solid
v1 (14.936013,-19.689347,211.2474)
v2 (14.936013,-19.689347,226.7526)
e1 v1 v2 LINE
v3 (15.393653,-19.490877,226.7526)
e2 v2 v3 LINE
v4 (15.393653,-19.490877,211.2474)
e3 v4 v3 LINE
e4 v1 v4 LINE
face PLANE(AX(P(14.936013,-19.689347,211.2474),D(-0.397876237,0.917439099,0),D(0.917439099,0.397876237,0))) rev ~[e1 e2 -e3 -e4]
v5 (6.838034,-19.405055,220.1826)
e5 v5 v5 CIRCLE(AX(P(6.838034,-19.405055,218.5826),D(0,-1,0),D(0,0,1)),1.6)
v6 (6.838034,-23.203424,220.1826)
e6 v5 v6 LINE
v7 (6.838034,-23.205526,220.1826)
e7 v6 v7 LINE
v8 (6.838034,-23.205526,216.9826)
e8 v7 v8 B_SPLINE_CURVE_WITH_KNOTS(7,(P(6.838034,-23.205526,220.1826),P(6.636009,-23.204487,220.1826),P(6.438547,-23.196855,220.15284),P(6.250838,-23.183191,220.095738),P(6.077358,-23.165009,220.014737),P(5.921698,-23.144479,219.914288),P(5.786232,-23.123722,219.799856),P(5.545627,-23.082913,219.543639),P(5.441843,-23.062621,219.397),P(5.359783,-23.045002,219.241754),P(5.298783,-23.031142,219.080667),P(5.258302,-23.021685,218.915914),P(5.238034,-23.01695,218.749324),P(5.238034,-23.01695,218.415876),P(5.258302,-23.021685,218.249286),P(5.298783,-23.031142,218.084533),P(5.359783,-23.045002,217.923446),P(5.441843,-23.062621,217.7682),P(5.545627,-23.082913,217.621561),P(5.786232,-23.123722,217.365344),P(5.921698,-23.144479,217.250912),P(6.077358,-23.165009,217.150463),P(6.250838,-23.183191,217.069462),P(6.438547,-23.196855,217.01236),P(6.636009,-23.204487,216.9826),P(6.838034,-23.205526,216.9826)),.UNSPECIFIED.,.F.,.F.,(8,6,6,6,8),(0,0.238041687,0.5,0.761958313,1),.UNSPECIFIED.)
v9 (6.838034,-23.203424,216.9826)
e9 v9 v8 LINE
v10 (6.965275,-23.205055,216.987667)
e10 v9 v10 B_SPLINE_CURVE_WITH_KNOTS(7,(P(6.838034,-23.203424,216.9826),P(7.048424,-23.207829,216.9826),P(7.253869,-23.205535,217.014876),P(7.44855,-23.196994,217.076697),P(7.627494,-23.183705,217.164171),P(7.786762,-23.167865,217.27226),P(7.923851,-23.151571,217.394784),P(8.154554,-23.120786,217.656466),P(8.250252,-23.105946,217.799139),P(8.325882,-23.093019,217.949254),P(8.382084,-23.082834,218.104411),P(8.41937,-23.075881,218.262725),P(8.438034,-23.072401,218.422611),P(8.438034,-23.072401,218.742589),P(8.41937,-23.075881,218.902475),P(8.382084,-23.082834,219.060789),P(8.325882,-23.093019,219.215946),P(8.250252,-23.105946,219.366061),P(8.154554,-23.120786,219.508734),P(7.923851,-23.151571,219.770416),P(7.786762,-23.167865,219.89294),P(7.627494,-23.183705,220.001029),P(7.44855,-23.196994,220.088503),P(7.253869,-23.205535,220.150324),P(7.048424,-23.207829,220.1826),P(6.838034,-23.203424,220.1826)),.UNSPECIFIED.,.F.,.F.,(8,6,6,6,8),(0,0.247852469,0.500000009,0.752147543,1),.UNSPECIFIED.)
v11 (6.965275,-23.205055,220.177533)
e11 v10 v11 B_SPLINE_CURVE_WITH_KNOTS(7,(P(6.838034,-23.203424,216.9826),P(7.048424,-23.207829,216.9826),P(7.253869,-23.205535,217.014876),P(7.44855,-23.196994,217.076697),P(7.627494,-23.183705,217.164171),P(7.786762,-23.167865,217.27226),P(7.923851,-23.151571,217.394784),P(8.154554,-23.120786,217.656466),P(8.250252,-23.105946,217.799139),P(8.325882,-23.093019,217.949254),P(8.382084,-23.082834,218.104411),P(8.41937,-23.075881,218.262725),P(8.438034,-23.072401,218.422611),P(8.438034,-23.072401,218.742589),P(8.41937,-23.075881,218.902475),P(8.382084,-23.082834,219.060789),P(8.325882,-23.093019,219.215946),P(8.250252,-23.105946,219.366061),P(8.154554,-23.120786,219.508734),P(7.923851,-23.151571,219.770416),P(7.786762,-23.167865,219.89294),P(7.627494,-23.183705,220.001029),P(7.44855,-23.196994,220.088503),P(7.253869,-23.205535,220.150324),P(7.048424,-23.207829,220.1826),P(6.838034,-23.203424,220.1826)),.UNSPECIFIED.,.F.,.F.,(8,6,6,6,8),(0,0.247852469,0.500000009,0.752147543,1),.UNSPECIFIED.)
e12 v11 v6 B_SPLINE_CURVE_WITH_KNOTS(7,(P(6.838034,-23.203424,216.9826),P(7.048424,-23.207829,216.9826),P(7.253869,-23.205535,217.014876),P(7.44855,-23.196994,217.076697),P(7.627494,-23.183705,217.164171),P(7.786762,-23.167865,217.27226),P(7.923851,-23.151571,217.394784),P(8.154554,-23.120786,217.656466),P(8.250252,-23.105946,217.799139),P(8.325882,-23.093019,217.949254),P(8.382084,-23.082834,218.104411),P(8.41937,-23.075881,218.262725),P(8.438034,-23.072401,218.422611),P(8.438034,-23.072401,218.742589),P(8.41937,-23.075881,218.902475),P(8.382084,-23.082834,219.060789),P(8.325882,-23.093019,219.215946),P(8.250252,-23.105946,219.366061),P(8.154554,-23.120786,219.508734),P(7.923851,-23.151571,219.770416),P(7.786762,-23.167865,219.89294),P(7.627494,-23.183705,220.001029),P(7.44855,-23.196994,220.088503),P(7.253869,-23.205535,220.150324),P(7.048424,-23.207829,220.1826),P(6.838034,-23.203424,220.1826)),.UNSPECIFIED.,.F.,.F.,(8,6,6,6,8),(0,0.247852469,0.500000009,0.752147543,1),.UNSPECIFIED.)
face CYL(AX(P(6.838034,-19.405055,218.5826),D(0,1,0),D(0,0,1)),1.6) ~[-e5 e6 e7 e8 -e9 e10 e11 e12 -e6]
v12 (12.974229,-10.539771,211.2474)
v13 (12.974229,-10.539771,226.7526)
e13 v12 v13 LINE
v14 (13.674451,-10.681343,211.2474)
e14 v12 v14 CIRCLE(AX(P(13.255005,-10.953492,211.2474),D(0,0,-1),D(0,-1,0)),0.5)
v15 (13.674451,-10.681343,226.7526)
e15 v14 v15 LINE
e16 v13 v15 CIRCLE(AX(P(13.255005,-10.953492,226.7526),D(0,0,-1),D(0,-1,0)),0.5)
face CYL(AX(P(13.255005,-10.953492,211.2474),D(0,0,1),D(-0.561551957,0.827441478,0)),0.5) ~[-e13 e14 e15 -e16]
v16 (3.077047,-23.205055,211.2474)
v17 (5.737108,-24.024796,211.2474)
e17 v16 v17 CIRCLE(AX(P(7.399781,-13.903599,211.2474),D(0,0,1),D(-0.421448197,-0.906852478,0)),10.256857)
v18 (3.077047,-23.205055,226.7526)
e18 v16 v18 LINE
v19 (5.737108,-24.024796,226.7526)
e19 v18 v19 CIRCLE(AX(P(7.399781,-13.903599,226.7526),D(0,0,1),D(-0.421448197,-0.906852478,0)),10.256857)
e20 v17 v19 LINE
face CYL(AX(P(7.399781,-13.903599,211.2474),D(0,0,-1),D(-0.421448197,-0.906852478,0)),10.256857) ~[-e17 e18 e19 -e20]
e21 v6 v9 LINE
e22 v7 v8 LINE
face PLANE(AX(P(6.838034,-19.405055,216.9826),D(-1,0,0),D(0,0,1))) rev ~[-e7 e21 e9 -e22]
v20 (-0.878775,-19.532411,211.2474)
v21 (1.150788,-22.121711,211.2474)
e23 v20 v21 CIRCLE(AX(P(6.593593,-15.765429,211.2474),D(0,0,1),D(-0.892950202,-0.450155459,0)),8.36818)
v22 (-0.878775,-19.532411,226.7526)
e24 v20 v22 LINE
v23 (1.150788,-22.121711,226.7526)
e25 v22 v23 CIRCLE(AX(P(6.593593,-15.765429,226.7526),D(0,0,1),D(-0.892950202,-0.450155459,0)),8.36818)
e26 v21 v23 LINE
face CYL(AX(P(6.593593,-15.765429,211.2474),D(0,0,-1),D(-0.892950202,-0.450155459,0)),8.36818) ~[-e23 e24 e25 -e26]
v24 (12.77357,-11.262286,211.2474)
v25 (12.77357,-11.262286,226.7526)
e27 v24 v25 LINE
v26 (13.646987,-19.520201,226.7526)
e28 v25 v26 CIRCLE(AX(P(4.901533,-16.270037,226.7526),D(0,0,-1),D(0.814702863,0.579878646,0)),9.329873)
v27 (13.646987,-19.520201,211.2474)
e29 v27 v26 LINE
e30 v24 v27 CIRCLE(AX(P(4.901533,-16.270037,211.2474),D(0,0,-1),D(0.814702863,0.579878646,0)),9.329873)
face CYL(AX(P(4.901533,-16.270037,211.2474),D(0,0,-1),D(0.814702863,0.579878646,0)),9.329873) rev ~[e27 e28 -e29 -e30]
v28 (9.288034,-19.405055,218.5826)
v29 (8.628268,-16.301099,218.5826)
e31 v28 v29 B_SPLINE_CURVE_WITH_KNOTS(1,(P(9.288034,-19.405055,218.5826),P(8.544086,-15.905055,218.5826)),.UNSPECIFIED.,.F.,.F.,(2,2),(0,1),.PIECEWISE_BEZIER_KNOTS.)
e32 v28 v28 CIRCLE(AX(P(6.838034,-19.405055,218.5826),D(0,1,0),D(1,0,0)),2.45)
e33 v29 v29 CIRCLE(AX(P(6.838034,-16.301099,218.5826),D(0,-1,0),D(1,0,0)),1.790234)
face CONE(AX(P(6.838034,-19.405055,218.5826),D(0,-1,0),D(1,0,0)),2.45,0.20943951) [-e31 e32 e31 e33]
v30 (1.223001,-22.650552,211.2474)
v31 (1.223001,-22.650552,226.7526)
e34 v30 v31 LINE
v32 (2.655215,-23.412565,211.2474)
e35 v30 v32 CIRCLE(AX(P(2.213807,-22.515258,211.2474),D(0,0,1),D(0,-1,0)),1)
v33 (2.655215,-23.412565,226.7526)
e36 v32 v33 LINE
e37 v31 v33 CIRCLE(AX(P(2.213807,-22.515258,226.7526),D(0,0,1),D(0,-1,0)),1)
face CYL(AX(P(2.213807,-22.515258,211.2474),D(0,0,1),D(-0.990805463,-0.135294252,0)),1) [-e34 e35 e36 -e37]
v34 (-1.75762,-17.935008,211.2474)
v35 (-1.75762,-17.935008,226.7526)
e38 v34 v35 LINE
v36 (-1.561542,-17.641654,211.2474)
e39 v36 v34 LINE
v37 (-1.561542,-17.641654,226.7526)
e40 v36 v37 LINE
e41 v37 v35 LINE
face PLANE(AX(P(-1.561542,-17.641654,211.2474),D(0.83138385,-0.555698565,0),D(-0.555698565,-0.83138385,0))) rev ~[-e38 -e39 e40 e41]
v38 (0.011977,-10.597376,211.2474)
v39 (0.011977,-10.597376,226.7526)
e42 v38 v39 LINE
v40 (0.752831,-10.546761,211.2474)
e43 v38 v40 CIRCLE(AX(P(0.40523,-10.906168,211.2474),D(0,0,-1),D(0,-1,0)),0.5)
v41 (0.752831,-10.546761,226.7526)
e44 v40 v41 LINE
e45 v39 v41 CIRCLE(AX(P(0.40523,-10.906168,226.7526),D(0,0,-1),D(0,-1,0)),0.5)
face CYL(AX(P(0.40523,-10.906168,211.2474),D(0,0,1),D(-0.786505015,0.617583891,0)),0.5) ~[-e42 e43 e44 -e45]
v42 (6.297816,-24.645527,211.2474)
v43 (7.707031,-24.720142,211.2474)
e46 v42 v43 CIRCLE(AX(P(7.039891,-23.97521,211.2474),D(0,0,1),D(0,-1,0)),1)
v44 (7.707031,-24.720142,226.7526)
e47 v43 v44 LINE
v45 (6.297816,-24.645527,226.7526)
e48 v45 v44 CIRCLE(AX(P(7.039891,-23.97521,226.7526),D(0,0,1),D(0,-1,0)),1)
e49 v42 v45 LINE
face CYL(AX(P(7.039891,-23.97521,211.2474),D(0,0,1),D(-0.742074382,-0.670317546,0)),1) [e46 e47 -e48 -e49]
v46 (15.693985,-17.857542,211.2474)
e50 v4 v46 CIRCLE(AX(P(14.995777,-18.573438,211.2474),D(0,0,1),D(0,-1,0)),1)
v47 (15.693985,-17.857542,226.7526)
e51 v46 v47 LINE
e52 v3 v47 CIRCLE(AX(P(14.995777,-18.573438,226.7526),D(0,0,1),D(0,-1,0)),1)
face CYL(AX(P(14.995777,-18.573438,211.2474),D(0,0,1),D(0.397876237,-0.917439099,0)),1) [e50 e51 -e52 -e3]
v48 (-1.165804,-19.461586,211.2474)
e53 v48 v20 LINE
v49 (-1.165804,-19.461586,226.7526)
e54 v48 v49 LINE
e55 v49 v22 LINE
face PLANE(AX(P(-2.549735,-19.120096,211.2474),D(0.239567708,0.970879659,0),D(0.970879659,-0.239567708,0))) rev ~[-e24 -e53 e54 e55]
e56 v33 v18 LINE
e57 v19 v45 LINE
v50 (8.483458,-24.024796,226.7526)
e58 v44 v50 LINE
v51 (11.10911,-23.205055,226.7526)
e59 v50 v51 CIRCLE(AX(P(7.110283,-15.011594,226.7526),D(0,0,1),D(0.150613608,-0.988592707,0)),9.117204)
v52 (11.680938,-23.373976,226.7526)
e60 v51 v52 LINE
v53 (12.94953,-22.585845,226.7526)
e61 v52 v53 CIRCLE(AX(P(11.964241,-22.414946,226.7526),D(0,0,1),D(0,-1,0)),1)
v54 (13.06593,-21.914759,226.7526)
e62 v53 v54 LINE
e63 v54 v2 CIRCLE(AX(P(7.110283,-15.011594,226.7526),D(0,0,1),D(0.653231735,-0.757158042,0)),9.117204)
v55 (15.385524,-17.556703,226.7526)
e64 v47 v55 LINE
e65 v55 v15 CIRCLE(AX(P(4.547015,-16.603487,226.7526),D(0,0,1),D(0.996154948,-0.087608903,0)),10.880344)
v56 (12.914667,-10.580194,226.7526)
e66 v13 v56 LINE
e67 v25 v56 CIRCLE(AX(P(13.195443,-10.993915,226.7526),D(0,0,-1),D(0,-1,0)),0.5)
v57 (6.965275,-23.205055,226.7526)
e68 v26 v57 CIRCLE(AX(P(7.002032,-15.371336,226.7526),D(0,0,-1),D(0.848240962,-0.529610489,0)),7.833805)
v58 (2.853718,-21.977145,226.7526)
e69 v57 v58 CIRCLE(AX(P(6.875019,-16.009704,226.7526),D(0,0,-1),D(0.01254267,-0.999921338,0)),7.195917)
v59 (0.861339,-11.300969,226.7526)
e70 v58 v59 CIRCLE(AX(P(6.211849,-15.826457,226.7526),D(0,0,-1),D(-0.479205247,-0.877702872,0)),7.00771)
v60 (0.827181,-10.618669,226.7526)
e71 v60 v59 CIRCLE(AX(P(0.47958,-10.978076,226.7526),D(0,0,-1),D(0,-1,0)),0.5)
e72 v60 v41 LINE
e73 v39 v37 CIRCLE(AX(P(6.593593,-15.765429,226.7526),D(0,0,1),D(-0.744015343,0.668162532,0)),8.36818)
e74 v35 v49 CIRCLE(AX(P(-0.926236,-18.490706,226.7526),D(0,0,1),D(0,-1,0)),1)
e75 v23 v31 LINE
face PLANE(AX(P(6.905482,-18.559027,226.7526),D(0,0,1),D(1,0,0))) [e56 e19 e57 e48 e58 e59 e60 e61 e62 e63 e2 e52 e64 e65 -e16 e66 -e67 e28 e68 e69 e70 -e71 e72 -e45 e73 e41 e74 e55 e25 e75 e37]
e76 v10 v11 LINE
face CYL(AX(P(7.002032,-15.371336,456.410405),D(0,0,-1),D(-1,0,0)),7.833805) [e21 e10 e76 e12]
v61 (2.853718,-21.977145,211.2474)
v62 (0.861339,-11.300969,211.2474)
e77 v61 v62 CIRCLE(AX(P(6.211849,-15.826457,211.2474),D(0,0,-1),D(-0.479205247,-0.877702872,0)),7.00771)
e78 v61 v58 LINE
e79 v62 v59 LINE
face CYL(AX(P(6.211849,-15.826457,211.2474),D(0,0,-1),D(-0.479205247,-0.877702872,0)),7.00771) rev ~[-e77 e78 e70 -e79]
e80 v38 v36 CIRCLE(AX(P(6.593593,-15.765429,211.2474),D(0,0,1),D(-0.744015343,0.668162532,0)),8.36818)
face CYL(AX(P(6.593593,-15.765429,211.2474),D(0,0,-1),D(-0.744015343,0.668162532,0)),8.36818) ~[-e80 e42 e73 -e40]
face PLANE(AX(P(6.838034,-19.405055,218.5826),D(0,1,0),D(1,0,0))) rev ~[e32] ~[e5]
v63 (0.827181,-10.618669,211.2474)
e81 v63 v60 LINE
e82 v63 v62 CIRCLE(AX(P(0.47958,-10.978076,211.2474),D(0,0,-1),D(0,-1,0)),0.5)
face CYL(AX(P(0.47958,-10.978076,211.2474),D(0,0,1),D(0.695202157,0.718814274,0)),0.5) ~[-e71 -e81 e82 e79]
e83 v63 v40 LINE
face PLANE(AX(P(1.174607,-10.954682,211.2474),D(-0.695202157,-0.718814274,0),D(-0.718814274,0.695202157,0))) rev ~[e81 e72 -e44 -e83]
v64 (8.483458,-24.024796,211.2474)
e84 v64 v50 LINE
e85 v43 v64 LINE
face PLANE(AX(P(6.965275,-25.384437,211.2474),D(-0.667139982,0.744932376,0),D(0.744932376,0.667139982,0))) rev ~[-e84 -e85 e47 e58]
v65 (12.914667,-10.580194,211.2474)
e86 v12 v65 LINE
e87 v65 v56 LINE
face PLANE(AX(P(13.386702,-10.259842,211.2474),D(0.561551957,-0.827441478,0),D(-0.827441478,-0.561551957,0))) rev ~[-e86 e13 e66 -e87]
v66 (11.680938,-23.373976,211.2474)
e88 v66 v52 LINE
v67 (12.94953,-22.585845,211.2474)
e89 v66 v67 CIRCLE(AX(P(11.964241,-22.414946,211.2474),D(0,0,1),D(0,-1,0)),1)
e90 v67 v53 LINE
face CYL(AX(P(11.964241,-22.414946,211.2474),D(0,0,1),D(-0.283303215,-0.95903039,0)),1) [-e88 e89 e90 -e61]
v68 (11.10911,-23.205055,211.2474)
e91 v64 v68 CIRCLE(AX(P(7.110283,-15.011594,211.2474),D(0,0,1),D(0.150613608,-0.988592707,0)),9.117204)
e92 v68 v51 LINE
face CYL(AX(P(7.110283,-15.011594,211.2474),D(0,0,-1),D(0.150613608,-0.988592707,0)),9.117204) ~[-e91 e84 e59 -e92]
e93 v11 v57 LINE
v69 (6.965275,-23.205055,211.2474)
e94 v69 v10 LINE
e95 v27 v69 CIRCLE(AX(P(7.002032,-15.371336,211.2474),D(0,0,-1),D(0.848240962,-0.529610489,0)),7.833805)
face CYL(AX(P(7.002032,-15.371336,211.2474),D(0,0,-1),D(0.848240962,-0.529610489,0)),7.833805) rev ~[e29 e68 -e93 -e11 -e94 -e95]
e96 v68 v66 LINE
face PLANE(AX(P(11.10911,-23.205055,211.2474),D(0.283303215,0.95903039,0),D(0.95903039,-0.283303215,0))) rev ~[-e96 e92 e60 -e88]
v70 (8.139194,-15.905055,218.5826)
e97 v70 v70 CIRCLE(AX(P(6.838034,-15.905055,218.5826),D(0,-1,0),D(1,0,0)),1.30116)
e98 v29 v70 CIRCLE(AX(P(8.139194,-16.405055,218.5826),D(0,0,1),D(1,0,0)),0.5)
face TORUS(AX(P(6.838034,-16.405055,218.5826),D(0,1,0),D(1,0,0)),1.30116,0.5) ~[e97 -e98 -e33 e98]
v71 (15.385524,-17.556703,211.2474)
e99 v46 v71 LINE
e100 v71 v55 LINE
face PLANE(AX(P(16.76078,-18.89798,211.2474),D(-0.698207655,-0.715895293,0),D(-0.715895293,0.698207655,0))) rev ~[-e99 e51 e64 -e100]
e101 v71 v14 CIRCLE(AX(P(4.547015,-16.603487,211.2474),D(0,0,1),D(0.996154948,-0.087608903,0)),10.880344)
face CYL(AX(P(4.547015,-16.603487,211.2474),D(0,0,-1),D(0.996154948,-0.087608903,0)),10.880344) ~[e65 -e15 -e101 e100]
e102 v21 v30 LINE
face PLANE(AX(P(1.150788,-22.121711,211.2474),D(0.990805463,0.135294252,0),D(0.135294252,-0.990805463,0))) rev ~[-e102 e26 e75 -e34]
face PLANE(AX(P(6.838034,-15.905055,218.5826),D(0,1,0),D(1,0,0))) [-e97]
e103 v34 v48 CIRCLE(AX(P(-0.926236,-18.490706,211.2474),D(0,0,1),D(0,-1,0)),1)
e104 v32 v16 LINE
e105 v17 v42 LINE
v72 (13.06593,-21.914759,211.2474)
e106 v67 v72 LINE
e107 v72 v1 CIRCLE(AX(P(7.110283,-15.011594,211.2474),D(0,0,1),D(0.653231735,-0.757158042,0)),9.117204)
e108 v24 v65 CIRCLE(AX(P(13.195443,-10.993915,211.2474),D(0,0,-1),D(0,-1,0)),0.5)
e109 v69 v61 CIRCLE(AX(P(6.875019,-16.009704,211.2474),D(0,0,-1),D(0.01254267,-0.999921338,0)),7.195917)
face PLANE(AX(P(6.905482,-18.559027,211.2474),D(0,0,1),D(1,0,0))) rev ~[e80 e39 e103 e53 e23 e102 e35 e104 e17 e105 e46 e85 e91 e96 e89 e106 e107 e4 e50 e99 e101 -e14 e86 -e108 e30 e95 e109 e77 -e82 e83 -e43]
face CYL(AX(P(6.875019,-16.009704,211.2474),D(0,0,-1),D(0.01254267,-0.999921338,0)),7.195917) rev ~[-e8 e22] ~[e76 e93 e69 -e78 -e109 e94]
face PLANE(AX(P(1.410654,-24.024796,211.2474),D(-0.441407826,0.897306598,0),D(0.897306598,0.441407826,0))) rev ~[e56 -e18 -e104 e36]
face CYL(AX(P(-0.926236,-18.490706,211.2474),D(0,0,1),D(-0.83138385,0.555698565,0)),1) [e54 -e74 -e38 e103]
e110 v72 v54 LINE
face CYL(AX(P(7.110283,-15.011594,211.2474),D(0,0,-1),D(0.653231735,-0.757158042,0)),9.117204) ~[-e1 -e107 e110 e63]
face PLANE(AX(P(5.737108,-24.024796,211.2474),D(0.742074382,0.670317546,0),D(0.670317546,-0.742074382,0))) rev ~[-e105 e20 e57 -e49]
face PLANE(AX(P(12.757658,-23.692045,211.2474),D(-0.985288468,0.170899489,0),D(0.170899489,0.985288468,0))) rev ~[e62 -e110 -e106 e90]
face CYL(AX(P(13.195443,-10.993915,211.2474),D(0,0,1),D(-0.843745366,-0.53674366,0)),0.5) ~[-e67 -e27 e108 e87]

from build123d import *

# Parameters (mm, degrees)
BOSS_EXTRUDE2_DEPTH      = 438
SCALE2_SCALE             = 0.0354
FILLET1_R                = 1
FILLET3_R                = 0.5
BOSS_EXTRUDE4_REACH      = 229.494
BOSS_EXTRUDE4_END_RADIUS = 7.833804904
BOSS_EXTRUDE5_REACH      = 229.494
BOSS_EXTRUDE5_END_RADIUS = 7.195916772
SKETCH9_R                = 2.45
BOSS_EXTRUDE6_DEPTH      = 3.5
BOSS_EXTRUDE6_TAPER      = 12
FILLET4_R                = 0.5


with BuildPart() as part:
    # Sketch1 → Boss-Extrude2 (new body)
    with BuildSketch(Plane.XY):
        with BuildLine():
            Line((-163.578194132, 204.291420663), (-186.376739015, 226.341062883))
            ThreePointArc((-186.376739015, 226.341062883), (-239.375206738, 127.519864833), (-240.870528276, 15.393905402))
            Line((-240.870528276, 15.393905402), (-268.785604462, -26.370002184))
            Line((-268.785604462, -26.370002184), (-221.583341967, -38.017313709))
            ThreePointArc((-221.583341967, -38.017313709), (-196.547148618, -77.434601057), (-164.251041881, -111.161370973))
            Line((-164.251041881, -111.161370973), (-156.910200465, -164.920829998))
            Line((-156.910200465, -164.920829998), (-109.836943046, -141.764303292))
            ThreePointArc((-109.836943046, -141.764303292), (-73.054639313, -155.90344513), (-34.693982777, -164.920829998))
            Line((-34.693982777, -164.920829998), (0, -203.328769621))
            Line((0, -203.328769621), (42.8865283, -164.920829998))
            ThreePointArc((42.8865283, -164.920829998), (80.850316946, -156.155814803), (117.057486625, -141.764303292))
            Line((117.057486625, -141.764303292), (163.626630073, -155.521102036))
            Line((163.626630073, -155.521102036), (172.334894528, -105.315261233))
            ThreePointArc((172.334894528, -105.315261233), (201.269995869, -76.001800701), (225.162074479, -42.450531906))
            Line((225.162074479, -42.450531906), (276.709162079, -20.095520822))
            Line((276.709162079, -20.095520822), (237.860130884, 17.793666683))
            ThreePointArc((237.860130884, 17.793666683), (228.121311005, 125.922470041), (181.39622554, 223.91965937))
            Line((181.39622554, 223.91965937), (156.421805868, 206.970503899))
            ThreePointArc((156.421805868, 206.970503899), (202.986661671, 88.666279899), (188.748912803, -37.672398736))
            ThreePointArc((188.748912803, -37.672398736), (107.904666904, -114.25255983), (0, -141.764303292))
            ThreePointArc((0, -141.764303292), (-60.71851518, -133.27976481), (-116.145688788, -107.077591147))
            ThreePointArc((-116.145688788, -107.077591147), (-216.983443781, 36.858584217), (-163.578194132, 204.291420663))
        make_face()
    extrude(amount=BOSS_EXTRUDE2_DEPTH)


with BuildPart() as part_1:
    # Scale2: scaled about (7.22089485, -18.85403102, 219)
    add(part.part.scale(SCALE2_SCALE).moved(Location((6.965275172, -18.186598322, 211.2474))))

    # Fillet1
    fillet1_edges = [part_1.edges().sort_by_distance(p)[0] for p in [
        (16.76077951, -18.897979759, 219),
        (12.757657877, -23.692045334, 219),
        (6.965275172, -25.384436766, 219),
        (1.410654076, -24.024795704, 219),
        (-2.549735226, -19.120096399, 219),
    ]]
    fillet(fillet1_edges, radius=FILLET1_R)

    # Fillet3
    fillet3_edges = [part_1.edges().sort_by_distance(p)[0] for p in [
        (12.5026071, -10.859842484, 219),
        (13.386701556, -10.25984238, 219),
        (0.367538611, -10.174124696, 219),
        (1.1746071, -10.95468203, 219),
    ]]
    fillet(fillet3_edges, radius=FILLET3_R)

    # Boss-Extrude4: up to this cylinder (the profile starts inside it)
    boss_extrude4_end = Plane(origin=(7.002032477, -15.371335991, 218.5826), z_dir=(0, 0, -1)) * Cylinder(BOSS_EXTRUDE4_END_RADIUS, 475.655609807, mode=Mode.PRIVATE)
    # Sketch5 → Boss-Extrude4 (add, up to the surface)
    with BuildSketch(Plane(origin=(0, -19.405054659, 0), x_dir=(-1, 0, 0), z_dir=(0, -1, 0)), mode=Mode.PRIVATE) as boss_extrude4_sk1:
        with BuildLine():
            Line((-6.838033993, -220.1826), (-6.838033993, -216.9826))
            ThreePointArc((-6.838033993, -216.9826), (-8.438033993, -218.5826), (-6.838033993, -220.1826))
        make_face()
    boss_extrude4_tool1 = extrude(boss_extrude4_sk1.sketch, amount=BOSS_EXTRUDE4_REACH, mode=Mode.PRIVATE) & boss_extrude4_end
    add(boss_extrude4_tool1.solids().sort_by_distance((7.517095, -19.405055, 218.5826))[0])

    # Boss-Extrude5: up to this cylinder (the profile starts inside it)
    boss_extrude5_end = Plane(origin=(6.875019163, -16.009703934, 218.5826), z_dir=(0, 0, -1)) * Cylinder(BOSS_EXTRUDE5_END_RADIUS, 474.379833545, mode=Mode.PRIVATE)
    # Sketch8 → Boss-Extrude5 (add, up to the surface)
    with BuildSketch(Plane(origin=(0, -19.405054659, 0), x_dir=(-1, 0, 0), z_dir=(0, -1, 0)), mode=Mode.PRIVATE) as boss_extrude5_sk1:
        with BuildLine():
            Line((-6.838033993, -216.9826), (-6.838033993, -220.1826))
            ThreePointArc((-6.838033993, -220.1826), (-5.238033993, -218.5826), (-6.838033993, -216.9826))
        make_face()
    boss_extrude5_tool1 = extrude(boss_extrude5_sk1.sketch, amount=BOSS_EXTRUDE5_REACH, mode=Mode.PRIVATE) & boss_extrude5_end
    add(boss_extrude5_tool1.solids().sort_by_distance((6.158973, -19.405055, 218.5826))[0])

    # Sketch9 → Boss-Extrude6 (add)
    with BuildSketch(Plane(origin=(0, -19.405054659, 0), x_dir=(1, 0, 0), z_dir=(0, 1, 0))):
        with Locations((6.838033993, -218.5826)):
            Circle(SKETCH9_R)
    extrude(amount=BOSS_EXTRUDE6_DEPTH, taper=BOSS_EXTRUDE6_TAPER)

    # Fillet4
    fillet4_edges = [part_1.edges().sort_by_distance(p)[0] for p in [
        (5.131981959, -15.905054659, 218.5826),
    ]]
    fillet(fillet4_edges, radius=FILLET4_R)


solid = part_1.part
